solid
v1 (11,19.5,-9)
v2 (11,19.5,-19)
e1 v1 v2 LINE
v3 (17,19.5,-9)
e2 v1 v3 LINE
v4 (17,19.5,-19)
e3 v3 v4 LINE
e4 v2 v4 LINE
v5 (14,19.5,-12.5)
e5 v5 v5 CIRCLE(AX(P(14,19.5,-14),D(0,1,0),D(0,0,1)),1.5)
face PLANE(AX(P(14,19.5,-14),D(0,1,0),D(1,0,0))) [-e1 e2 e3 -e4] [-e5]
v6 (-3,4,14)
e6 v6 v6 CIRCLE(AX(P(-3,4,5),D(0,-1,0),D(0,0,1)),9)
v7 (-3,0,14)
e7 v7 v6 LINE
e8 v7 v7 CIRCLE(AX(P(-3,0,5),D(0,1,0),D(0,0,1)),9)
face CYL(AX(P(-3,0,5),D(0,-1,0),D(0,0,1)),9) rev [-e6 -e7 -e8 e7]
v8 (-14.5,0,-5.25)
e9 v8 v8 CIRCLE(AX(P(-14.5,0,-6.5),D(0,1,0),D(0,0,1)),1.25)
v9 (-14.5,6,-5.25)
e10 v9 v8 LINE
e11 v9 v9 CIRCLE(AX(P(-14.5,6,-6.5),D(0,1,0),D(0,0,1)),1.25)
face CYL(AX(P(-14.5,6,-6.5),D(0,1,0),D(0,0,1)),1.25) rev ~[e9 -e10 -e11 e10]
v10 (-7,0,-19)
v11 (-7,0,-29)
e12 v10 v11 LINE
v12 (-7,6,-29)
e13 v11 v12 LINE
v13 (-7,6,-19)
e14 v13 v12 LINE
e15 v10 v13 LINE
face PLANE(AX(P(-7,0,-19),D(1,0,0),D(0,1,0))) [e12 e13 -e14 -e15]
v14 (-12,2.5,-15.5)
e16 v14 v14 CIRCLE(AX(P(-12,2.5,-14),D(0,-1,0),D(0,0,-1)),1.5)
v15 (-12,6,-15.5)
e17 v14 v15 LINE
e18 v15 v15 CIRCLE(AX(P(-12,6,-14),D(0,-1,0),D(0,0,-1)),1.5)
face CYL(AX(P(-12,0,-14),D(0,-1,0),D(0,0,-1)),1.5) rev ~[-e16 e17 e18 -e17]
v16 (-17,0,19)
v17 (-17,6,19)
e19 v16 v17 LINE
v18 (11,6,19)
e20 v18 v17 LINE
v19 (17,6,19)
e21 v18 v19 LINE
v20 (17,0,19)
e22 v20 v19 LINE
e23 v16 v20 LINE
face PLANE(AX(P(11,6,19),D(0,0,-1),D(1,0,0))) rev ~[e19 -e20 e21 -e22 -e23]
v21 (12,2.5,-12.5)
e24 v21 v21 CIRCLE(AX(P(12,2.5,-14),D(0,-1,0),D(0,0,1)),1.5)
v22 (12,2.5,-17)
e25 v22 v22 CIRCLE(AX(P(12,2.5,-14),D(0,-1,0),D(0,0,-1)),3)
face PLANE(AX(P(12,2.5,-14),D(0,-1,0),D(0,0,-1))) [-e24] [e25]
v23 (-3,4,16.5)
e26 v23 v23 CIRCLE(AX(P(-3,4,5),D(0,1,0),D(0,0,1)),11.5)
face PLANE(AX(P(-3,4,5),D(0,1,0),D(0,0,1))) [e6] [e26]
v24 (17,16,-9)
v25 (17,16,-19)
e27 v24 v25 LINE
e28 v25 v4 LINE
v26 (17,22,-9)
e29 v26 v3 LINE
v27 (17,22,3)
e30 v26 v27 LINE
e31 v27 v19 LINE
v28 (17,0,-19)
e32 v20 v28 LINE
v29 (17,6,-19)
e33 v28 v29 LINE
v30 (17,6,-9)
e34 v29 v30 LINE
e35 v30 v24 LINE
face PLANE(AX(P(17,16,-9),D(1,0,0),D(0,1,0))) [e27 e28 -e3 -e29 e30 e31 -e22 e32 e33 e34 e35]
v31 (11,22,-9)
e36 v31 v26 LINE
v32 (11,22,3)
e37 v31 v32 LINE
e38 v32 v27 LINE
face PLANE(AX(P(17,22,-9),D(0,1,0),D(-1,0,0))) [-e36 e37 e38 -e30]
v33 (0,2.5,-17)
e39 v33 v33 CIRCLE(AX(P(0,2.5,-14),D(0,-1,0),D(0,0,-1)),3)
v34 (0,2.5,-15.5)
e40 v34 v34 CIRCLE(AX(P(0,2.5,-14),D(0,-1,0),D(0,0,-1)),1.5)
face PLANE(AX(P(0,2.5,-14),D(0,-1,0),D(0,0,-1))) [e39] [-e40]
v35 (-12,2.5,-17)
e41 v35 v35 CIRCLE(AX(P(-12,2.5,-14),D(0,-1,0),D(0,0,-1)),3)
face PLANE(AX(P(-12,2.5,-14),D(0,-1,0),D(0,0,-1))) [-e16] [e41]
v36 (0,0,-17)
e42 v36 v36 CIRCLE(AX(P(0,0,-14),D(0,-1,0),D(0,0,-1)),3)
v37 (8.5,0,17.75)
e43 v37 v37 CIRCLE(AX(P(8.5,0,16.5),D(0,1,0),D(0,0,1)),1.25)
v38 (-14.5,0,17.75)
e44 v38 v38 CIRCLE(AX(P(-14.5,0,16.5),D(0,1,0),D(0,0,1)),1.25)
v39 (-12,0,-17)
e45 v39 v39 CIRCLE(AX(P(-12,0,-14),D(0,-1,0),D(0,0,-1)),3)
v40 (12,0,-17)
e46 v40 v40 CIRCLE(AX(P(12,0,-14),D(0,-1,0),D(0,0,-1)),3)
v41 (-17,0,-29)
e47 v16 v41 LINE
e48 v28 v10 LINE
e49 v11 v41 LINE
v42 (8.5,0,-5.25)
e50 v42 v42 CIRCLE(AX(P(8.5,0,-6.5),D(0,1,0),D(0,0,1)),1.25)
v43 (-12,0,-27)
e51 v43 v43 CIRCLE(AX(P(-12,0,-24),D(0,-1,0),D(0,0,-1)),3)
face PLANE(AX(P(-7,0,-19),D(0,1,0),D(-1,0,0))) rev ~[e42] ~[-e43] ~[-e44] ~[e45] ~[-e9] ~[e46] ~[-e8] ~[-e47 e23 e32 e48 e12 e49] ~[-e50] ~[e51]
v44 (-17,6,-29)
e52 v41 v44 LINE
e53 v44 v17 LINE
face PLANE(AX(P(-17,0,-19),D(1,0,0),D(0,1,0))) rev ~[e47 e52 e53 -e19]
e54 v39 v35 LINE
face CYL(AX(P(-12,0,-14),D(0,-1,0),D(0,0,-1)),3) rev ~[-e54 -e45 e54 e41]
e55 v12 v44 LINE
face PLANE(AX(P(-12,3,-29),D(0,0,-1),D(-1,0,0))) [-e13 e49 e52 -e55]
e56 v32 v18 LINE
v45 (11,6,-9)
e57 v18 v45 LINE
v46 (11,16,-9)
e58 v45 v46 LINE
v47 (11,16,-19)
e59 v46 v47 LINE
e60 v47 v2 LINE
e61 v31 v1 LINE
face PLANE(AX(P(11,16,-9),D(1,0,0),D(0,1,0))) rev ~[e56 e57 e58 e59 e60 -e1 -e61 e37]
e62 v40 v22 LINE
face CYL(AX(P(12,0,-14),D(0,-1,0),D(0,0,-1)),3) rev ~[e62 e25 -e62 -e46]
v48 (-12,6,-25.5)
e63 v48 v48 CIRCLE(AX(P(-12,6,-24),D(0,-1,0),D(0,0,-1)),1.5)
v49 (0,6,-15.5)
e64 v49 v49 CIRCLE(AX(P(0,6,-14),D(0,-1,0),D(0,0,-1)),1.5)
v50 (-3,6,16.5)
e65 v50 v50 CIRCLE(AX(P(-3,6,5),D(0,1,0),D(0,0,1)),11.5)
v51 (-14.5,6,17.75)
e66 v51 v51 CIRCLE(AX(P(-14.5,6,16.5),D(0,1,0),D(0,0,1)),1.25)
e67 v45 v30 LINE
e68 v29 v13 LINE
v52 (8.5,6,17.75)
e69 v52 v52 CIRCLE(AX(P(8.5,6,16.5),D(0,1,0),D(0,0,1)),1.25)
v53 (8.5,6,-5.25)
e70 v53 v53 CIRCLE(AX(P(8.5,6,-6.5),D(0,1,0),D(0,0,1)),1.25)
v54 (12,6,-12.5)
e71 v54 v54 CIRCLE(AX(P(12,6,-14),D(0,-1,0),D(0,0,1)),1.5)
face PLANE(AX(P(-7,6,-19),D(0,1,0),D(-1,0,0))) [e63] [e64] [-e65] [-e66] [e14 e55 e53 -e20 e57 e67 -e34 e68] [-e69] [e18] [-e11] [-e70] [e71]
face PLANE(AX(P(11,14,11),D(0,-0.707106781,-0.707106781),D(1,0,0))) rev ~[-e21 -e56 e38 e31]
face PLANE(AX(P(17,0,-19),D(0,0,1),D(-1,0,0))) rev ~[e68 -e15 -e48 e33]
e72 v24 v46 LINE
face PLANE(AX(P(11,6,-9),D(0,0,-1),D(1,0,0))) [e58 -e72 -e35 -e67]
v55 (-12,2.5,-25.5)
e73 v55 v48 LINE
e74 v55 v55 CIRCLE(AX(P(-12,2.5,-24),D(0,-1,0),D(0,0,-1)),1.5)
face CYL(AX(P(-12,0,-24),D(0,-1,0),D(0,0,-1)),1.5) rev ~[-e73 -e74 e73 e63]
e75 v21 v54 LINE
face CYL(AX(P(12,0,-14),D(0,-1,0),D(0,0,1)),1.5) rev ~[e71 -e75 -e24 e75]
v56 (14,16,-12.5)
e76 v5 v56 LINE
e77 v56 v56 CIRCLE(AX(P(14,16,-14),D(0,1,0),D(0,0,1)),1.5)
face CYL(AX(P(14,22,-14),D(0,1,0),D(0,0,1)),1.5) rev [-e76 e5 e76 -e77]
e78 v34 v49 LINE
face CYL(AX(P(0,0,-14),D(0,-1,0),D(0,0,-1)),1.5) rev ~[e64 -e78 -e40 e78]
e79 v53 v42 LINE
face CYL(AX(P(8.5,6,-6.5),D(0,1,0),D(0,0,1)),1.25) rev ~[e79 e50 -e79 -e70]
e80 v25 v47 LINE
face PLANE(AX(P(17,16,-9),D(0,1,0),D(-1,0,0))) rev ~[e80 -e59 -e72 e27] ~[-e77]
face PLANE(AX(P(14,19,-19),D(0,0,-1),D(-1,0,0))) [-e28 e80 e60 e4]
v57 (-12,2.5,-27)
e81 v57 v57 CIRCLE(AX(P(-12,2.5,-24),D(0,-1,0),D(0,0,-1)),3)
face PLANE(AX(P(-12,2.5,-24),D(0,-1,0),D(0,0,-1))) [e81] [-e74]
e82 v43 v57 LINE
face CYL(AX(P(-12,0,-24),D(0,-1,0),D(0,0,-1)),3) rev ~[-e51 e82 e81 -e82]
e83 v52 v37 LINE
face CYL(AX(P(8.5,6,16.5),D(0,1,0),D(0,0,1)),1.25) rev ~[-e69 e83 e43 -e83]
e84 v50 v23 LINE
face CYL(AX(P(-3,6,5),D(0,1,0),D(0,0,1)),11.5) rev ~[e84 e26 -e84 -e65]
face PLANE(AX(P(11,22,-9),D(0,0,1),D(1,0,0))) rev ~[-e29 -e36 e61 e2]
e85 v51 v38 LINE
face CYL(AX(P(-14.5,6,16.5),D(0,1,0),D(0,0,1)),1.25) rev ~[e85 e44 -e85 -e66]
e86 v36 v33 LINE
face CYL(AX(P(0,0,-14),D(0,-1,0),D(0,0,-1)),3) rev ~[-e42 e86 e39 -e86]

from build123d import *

# Parameters (mm, degrees)
SKETCH2_R           = 9
SKETCH2_W           = 6
SKETCH2_H           = 25.976415094
BOSS_EXTRUDE1_DEPTH = 6
SKETCH3_W           = 10
SKETCH3_H           = 6
BOSS_EXTRUDE2_DEPTH = 10
SKETCH4_W           = 6
SKETCH4_H           = 28
BOSS_EXTRUDE3_DEPTH = 16
CHAMFER1_SIZE       = 16
SKETCH5_W           = 6
SKETCH5_H           = 6
BOSS_EXTRUDE4_DEPTH = 10
CUT_EXTRUDE1_REACH  = 42.175
SKETCH7_R           = 1.5
CUT_EXTRUDE2_REACH  = 42.175
SKETCH6_R           = 1.5
SKETCH9_W           = 6
SKETCH9_H           = 10
CUT_EXTRUDE3_DEPTH  = 2.5
SKETCH10_R          = 3
CUT_EXTRUDE4_DEPTH  = 2.5
SKETCH11_R          = 11.5
CUT_EXTRUDE5_DEPTH  = 2
CUT_EXTRUDE6_REACH  = 39.229
SKETCH13_R          = 1.25


with BuildPart() as part:
    # Sketch2 → Boss-Extrude1 (new body)
    # profile 1 of 2: a face of its own
    with BuildSketch(Plane(origin=(0, 0, 0), x_dir=(1, 0, 0), z_dir=(0, 1, 0))):
        Polygon((-17, 19), (-17, -19), (11, -19), (11, 6.976415094), (17, 6.976415094), (17, 19), align=None)
        with Locations(Location((-3, -5, 0), (0, 0, 270))):
            Circle(SKETCH2_R, mode=Mode.SUBTRACT)
    # profile 2 of 2: a face of its own
    with BuildSketch(Plane(origin=(0, 0, 0), x_dir=(1, 0, 0), z_dir=(0, 1, 0))):
        with Locations((14, -6.011792453)):
            Rectangle(SKETCH2_W, SKETCH2_H)
    extrude(amount=BOSS_EXTRUDE1_DEPTH)

    # Sketch3 → Boss-Extrude2 (add)
    with BuildSketch(Plane(origin=(0, 0, -19), x_dir=(-1, 0, 0), z_dir=(0, 0, -1))):
        with Locations((12, 3)):
            Rectangle(SKETCH3_W, SKETCH3_H)
    extrude(amount=BOSS_EXTRUDE2_DEPTH)

    # Sketch4 → Boss-Extrude3 (add)
    with BuildSketch(Plane(origin=(0, 6, 0), x_dir=(1, 0, 0), z_dir=(0, 1, 0))):
        with Locations((14, -5)):
            Rectangle(SKETCH4_W, SKETCH4_H)
    extrude(amount=BOSS_EXTRUDE3_DEPTH)

    # Chamfer1
    chamfer1_edges = [part.edges().sort_by_distance(p)[0] for p in [
        (14, 22, 19),
    ]]
    chamfer(chamfer1_edges, length=CHAMFER1_SIZE)

    # Sketch5 → Boss-Extrude4 (add)
    with BuildSketch(Plane(origin=(0, 0, -9), x_dir=(-1, 0, 0), z_dir=(0, 0, -1))):
        with Locations((-14, 19)):
            Rectangle(SKETCH5_W, SKETCH5_H)
    extrude(amount=BOSS_EXTRUDE4_DEPTH)

    # Sketch7 → Cut-Extrude1 (cut, up to next)
    with BuildSketch(Plane.XZ, mode=Mode.PRIVATE) as cut_extrude1_sk1:
        with Locations(Location((0, -14, 0), (0, 0, 270))):
            Circle(SKETCH7_R)
    cut_extrude1_tool1 = extrude(cut_extrude1_sk1.sketch, amount=-CUT_EXTRUDE1_REACH, mode=Mode.PRIVATE) & part.part
    # Sketch7 → Cut-Extrude1 (cut, up to next)
    with BuildSketch(Plane.XZ, mode=Mode.PRIVATE) as cut_extrude1_sk2:
        with Locations(Location((-12, -14, 0), (0, 0, 270))):
            Circle(SKETCH7_R)
    cut_extrude1_tool2 = extrude(cut_extrude1_sk2.sketch, amount=-CUT_EXTRUDE1_REACH, mode=Mode.PRIVATE) & part.part
    # Sketch7 → Cut-Extrude1 (cut, up to next)
    with BuildSketch(Plane.XZ, mode=Mode.PRIVATE) as cut_extrude1_sk3:
        with Locations(Location((-12, -24, 0), (0, 0, 270))):
            Circle(SKETCH7_R)
    cut_extrude1_tool3 = extrude(cut_extrude1_sk3.sketch, amount=-CUT_EXTRUDE1_REACH, mode=Mode.PRIVATE) & part.part
    # Sketch7 → Cut-Extrude1 (cut, up to next)
    with BuildSketch(Plane.XZ, mode=Mode.PRIVATE) as cut_extrude1_sk4:
        with Locations(Location((12, -14, 0), (0, 0, 90))):
            Circle(SKETCH7_R)
    cut_extrude1_tool4 = extrude(cut_extrude1_sk4.sketch, amount=-CUT_EXTRUDE1_REACH, mode=Mode.PRIVATE) & part.part
    add(cut_extrude1_tool1.solids().sort_by_distance((0, 0, -14))[0], mode=Mode.SUBTRACT)
    add(cut_extrude1_tool2.solids().sort_by_distance((-12, 0, -14))[0], mode=Mode.SUBTRACT)
    add(cut_extrude1_tool3.solids().sort_by_distance((-12, 0, -24))[0], mode=Mode.SUBTRACT)
    add(cut_extrude1_tool4.solids().sort_by_distance((12, 0, -14))[0], mode=Mode.SUBTRACT)

    # Sketch6 → Cut-Extrude2 (cut, up to next)
    with BuildSketch(Plane.XZ.offset(-22), mode=Mode.PRIVATE) as cut_extrude2_sk1:
        with Locations(Location((14, -14, 0), (0, 0, 90))):
            Circle(SKETCH6_R)
    cut_extrude2_tool1 = extrude(cut_extrude2_sk1.sketch, amount=CUT_EXTRUDE2_REACH, mode=Mode.PRIVATE) & part.part
    add(cut_extrude2_tool1.solids().sort_by_distance((14, 22, -14))[0], mode=Mode.SUBTRACT)

    # Sketch9 → Cut-Extrude3 (cut)
    with BuildSketch(Plane(origin=(0, 22, 0), x_dir=(1, 0, 0), z_dir=(0, 1, 0))):
        with Locations((14, 14)):
            Rectangle(SKETCH9_W, SKETCH9_H)
    extrude(amount=-CUT_EXTRUDE3_DEPTH, mode=Mode.SUBTRACT)

    # Sketch10 → Cut-Extrude4 (cut)
    with BuildSketch(Plane.XZ):
        with Locations(Location((12, -14, 0), (0, 0, 270))):
            Circle(SKETCH10_R)
        with Locations(Location((0, -14, 0), (0, 0, 270))):
            Circle(SKETCH10_R)
        with Locations(Location((-12, -14, 0), (0, 0, 270))):
            Circle(SKETCH10_R)
        with Locations(Location((-12, -24, 0), (0, 0, 270))):
            Circle(SKETCH10_R)
    extrude(amount=-CUT_EXTRUDE4_DEPTH, mode=Mode.SUBTRACT)

    # Sketch11 → Cut-Extrude5 (cut)
    with BuildSketch(Plane(origin=(0, 6, 0), x_dir=(1, 0, 0), z_dir=(0, 1, 0))):
        with Locations(Location((-3, -5, 0), (0, 0, 270))):
            Circle(SKETCH11_R)
    extrude(amount=-CUT_EXTRUDE5_DEPTH, mode=Mode.SUBTRACT)

    # Sketch13 → Cut-Extrude6 (cut, up to next)
    with BuildSketch(Plane(origin=(0, 6, 0), x_dir=(1, 0, 0), z_dir=(0, 1, 0)), mode=Mode.PRIVATE) as cut_extrude6_sk1:
        with Locations(Location((-14.5, 6.5, 0), (0, 0, 270))):
            Circle(SKETCH13_R)
    cut_extrude6_tool1 = extrude(cut_extrude6_sk1.sketch, amount=-CUT_EXTRUDE6_REACH, mode=Mode.PRIVATE) & part.part
    # Sketch13 → Cut-Extrude6 (cut, up to next)
    with BuildSketch(Plane(origin=(0, 6, 0), x_dir=(1, 0, 0), z_dir=(0, 1, 0)), mode=Mode.PRIVATE) as cut_extrude6_sk2:
        with Locations(Location((8.5, 6.5, 0), (0, 0, 270))):
            Circle(SKETCH13_R)
    cut_extrude6_tool2 = extrude(cut_extrude6_sk2.sketch, amount=-CUT_EXTRUDE6_REACH, mode=Mode.PRIVATE) & part.part
    # Sketch13 → Cut-Extrude6 (cut, up to next)
    with BuildSketch(Plane(origin=(0, 6, 0), x_dir=(1, 0, 0), z_dir=(0, 1, 0)), mode=Mode.PRIVATE) as cut_extrude6_sk3:
        with Locations(Location((8.5, -16.5, 0), (0, 0, 270))):
            Circle(SKETCH13_R)
    cut_extrude6_tool3 = extrude(cut_extrude6_sk3.sketch, amount=-CUT_EXTRUDE6_REACH, mode=Mode.PRIVATE) & part.part
    # Sketch13 → Cut-Extrude6 (cut, up to next)
    with BuildSketch(Plane(origin=(0, 6, 0), x_dir=(1, 0, 0), z_dir=(0, 1, 0)), mode=Mode.PRIVATE) as cut_extrude6_sk4:
        with Locations(Location((-14.5, -16.5, 0), (0, 0, 270))):
            Circle(SKETCH13_R)
    cut_extrude6_tool4 = extrude(cut_extrude6_sk4.sketch, amount=-CUT_EXTRUDE6_REACH, mode=Mode.PRIVATE) & part.part
    add(cut_extrude6_tool1.solids().sort_by_distance((-14.5, 6, -6.5))[0], mode=Mode.SUBTRACT)
    add(cut_extrude6_tool2.solids().sort_by_distance((8.5, 6, -6.5))[0], mode=Mode.SUBTRACT)
    add(cut_extrude6_tool3.solids().sort_by_distance((8.5, 6, 16.5))[0], mode=Mode.SUBTRACT)
    add(cut_extrude6_tool4.solids().sort_by_distance((-14.5, 6, 16.5))[0], mode=Mode.SUBTRACT)


solid = part.part
